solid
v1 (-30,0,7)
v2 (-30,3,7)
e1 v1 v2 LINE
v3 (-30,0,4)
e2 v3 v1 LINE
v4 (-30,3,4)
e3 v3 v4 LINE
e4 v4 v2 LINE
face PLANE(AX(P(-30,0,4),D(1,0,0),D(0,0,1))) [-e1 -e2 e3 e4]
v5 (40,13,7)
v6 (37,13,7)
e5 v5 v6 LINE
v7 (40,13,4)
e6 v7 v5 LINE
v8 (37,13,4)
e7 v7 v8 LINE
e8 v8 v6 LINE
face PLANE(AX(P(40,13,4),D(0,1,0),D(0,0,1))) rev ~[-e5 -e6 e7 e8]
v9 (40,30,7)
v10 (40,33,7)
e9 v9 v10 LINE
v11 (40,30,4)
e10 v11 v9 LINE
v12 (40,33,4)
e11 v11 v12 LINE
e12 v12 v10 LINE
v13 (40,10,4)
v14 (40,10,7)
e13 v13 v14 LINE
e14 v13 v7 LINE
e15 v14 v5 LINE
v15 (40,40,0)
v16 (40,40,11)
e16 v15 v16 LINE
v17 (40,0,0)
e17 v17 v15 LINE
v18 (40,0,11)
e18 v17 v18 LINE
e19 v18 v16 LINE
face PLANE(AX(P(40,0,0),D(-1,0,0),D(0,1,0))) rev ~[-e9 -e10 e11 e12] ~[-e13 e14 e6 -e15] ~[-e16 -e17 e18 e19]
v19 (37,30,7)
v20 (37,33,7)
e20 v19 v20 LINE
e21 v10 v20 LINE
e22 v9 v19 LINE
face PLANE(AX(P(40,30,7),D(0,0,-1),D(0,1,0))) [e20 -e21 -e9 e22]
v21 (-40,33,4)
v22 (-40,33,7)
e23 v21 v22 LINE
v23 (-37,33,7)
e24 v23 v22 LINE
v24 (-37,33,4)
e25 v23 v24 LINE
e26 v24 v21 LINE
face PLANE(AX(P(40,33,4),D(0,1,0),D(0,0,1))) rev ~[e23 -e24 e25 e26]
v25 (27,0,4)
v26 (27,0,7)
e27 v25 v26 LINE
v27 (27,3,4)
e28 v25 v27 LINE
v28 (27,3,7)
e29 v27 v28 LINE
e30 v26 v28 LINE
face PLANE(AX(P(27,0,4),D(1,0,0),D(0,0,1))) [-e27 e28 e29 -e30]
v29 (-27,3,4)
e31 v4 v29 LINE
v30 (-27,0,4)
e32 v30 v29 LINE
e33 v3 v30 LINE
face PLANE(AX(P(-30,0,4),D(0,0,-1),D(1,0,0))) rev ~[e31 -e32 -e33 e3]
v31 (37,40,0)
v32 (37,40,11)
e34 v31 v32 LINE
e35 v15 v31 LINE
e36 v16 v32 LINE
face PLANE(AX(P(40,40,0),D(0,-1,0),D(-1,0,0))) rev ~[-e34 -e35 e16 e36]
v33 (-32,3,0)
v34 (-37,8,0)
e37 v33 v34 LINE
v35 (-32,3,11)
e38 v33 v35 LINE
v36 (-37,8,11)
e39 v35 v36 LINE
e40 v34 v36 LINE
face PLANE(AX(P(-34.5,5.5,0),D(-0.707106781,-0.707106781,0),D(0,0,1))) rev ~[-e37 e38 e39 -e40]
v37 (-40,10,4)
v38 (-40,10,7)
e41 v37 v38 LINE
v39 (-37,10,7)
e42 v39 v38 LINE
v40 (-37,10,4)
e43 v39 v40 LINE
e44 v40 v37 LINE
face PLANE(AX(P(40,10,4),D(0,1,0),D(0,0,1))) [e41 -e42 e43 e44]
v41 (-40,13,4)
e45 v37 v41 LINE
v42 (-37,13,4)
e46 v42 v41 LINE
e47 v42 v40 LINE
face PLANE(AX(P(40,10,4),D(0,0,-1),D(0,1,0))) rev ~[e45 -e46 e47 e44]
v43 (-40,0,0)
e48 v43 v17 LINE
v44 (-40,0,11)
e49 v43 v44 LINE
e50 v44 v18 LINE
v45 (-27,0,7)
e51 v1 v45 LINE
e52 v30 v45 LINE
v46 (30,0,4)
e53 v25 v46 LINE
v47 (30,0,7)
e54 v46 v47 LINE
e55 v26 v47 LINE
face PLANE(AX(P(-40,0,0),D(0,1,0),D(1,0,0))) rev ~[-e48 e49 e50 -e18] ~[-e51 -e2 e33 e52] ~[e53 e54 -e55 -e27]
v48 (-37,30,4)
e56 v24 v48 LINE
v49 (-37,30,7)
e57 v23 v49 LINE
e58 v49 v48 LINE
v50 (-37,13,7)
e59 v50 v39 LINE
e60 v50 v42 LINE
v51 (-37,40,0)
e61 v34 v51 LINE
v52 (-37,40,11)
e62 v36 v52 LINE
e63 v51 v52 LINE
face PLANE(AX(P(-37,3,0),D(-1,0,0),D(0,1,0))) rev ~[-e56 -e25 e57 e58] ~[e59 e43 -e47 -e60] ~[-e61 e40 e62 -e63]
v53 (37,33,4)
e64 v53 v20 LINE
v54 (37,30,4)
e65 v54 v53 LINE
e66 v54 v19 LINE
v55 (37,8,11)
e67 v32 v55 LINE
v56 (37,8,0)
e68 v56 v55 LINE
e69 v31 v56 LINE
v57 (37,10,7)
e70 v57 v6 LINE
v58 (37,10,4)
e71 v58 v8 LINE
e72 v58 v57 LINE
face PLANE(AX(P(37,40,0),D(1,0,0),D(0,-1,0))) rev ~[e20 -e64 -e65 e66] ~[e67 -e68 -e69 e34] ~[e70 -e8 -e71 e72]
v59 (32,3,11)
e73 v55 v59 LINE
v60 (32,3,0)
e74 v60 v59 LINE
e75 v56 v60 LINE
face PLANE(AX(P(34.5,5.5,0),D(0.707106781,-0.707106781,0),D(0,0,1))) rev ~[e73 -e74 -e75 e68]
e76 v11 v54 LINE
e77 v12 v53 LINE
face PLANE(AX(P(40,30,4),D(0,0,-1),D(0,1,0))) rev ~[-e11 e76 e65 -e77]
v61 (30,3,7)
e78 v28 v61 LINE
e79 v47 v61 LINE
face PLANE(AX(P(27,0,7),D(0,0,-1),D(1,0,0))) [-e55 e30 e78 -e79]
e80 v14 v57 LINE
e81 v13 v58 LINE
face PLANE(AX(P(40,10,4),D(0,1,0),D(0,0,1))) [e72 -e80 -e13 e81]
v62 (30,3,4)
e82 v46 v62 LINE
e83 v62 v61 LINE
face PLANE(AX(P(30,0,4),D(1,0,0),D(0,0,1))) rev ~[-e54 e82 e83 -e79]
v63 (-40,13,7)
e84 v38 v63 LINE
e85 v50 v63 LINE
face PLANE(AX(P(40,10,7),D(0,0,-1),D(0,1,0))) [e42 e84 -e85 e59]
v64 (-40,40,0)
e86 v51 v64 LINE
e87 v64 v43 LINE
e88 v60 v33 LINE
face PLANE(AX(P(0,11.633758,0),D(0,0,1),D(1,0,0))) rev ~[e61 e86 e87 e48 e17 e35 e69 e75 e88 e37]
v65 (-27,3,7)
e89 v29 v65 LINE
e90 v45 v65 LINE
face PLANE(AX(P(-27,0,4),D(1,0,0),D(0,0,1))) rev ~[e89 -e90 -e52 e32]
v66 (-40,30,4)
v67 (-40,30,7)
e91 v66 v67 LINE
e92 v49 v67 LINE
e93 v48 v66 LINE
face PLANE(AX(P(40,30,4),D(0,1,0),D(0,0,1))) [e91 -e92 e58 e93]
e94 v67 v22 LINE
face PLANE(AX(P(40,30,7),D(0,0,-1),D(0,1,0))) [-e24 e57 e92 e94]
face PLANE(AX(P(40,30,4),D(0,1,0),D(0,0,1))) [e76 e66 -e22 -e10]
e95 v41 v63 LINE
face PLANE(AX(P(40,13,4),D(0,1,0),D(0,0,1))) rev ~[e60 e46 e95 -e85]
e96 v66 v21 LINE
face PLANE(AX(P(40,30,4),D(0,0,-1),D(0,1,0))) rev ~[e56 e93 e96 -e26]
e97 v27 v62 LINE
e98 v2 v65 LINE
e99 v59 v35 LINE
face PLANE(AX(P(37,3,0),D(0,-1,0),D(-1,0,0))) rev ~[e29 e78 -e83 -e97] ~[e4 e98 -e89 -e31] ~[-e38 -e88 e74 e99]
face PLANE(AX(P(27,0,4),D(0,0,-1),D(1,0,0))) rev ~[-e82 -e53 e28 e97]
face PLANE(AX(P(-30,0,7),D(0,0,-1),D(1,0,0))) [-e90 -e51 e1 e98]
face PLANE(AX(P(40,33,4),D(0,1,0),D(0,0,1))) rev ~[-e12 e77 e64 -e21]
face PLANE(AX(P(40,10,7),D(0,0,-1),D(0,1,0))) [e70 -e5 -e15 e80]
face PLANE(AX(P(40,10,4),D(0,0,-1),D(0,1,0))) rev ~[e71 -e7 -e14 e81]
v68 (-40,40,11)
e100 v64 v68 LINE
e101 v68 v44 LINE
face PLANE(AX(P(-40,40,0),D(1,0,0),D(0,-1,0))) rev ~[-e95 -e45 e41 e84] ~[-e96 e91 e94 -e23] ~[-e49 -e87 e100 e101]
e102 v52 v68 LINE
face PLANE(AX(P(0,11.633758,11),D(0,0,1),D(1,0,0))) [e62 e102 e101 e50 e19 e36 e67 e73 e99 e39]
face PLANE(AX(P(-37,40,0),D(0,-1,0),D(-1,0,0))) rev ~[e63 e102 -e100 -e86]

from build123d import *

# Parameters (mm, degrees)
F1_DEPTH = 11
F2_SIZE  = 5
F4_ANGLE = -90
F5_W     = 3
F5_H     = 3
F6_DEPTH = 80.001
F7_W     = 3
F7_H     = 3
F8_DEPTH = 25


with BuildPart() as f1:
    # F0 (on Front) → F1 (new body)
    with BuildSketch(Plane.XZ):
        Polygon((-40, 40), (-40, 0), (40, 0), (40, 40), (37, 40), (37, 3), (-37, 3), (-37, 40), align=None)
    extrude(amount=F1_DEPTH)

    # F2
    f2_edges = [f1.edges().sort_by_distance(p)[0] for p in [
        (-37, -5.5, 3),
        (37, -5.5, 3),
    ]]
    chamfer(f2_edges, length=F2_SIZE)


with BuildPart() as f1_1:
    # F4: moved
    add(f1.part.rotate(Axis((33.50826, 0, 0), (1, 0, 0)), F4_ANGLE))

    # F5 (on face) → F6 (cut, through all)
    with BuildSketch(Plane.YZ.offset(40)):
        with Locations((11.5, 5.5)):
            Rectangle(F5_W, F5_H)
        with Locations((31.5, 5.5)):
            Rectangle(F5_W, F5_H)
    extrude(amount=-F6_DEPTH, mode=Mode.SUBTRACT)

    # F7 (on face) → F8 (cut)
    with BuildSketch(Plane.XZ):
        with Locations((-28.5, 5.5)):
            Rectangle(F7_W, F7_H)
        with Locations((28.5, 5.5)):
            Rectangle(F7_W, F7_H)
    extrude(amount=-F8_DEPTH, mode=Mode.SUBTRACT)


solid = f1_1.part
